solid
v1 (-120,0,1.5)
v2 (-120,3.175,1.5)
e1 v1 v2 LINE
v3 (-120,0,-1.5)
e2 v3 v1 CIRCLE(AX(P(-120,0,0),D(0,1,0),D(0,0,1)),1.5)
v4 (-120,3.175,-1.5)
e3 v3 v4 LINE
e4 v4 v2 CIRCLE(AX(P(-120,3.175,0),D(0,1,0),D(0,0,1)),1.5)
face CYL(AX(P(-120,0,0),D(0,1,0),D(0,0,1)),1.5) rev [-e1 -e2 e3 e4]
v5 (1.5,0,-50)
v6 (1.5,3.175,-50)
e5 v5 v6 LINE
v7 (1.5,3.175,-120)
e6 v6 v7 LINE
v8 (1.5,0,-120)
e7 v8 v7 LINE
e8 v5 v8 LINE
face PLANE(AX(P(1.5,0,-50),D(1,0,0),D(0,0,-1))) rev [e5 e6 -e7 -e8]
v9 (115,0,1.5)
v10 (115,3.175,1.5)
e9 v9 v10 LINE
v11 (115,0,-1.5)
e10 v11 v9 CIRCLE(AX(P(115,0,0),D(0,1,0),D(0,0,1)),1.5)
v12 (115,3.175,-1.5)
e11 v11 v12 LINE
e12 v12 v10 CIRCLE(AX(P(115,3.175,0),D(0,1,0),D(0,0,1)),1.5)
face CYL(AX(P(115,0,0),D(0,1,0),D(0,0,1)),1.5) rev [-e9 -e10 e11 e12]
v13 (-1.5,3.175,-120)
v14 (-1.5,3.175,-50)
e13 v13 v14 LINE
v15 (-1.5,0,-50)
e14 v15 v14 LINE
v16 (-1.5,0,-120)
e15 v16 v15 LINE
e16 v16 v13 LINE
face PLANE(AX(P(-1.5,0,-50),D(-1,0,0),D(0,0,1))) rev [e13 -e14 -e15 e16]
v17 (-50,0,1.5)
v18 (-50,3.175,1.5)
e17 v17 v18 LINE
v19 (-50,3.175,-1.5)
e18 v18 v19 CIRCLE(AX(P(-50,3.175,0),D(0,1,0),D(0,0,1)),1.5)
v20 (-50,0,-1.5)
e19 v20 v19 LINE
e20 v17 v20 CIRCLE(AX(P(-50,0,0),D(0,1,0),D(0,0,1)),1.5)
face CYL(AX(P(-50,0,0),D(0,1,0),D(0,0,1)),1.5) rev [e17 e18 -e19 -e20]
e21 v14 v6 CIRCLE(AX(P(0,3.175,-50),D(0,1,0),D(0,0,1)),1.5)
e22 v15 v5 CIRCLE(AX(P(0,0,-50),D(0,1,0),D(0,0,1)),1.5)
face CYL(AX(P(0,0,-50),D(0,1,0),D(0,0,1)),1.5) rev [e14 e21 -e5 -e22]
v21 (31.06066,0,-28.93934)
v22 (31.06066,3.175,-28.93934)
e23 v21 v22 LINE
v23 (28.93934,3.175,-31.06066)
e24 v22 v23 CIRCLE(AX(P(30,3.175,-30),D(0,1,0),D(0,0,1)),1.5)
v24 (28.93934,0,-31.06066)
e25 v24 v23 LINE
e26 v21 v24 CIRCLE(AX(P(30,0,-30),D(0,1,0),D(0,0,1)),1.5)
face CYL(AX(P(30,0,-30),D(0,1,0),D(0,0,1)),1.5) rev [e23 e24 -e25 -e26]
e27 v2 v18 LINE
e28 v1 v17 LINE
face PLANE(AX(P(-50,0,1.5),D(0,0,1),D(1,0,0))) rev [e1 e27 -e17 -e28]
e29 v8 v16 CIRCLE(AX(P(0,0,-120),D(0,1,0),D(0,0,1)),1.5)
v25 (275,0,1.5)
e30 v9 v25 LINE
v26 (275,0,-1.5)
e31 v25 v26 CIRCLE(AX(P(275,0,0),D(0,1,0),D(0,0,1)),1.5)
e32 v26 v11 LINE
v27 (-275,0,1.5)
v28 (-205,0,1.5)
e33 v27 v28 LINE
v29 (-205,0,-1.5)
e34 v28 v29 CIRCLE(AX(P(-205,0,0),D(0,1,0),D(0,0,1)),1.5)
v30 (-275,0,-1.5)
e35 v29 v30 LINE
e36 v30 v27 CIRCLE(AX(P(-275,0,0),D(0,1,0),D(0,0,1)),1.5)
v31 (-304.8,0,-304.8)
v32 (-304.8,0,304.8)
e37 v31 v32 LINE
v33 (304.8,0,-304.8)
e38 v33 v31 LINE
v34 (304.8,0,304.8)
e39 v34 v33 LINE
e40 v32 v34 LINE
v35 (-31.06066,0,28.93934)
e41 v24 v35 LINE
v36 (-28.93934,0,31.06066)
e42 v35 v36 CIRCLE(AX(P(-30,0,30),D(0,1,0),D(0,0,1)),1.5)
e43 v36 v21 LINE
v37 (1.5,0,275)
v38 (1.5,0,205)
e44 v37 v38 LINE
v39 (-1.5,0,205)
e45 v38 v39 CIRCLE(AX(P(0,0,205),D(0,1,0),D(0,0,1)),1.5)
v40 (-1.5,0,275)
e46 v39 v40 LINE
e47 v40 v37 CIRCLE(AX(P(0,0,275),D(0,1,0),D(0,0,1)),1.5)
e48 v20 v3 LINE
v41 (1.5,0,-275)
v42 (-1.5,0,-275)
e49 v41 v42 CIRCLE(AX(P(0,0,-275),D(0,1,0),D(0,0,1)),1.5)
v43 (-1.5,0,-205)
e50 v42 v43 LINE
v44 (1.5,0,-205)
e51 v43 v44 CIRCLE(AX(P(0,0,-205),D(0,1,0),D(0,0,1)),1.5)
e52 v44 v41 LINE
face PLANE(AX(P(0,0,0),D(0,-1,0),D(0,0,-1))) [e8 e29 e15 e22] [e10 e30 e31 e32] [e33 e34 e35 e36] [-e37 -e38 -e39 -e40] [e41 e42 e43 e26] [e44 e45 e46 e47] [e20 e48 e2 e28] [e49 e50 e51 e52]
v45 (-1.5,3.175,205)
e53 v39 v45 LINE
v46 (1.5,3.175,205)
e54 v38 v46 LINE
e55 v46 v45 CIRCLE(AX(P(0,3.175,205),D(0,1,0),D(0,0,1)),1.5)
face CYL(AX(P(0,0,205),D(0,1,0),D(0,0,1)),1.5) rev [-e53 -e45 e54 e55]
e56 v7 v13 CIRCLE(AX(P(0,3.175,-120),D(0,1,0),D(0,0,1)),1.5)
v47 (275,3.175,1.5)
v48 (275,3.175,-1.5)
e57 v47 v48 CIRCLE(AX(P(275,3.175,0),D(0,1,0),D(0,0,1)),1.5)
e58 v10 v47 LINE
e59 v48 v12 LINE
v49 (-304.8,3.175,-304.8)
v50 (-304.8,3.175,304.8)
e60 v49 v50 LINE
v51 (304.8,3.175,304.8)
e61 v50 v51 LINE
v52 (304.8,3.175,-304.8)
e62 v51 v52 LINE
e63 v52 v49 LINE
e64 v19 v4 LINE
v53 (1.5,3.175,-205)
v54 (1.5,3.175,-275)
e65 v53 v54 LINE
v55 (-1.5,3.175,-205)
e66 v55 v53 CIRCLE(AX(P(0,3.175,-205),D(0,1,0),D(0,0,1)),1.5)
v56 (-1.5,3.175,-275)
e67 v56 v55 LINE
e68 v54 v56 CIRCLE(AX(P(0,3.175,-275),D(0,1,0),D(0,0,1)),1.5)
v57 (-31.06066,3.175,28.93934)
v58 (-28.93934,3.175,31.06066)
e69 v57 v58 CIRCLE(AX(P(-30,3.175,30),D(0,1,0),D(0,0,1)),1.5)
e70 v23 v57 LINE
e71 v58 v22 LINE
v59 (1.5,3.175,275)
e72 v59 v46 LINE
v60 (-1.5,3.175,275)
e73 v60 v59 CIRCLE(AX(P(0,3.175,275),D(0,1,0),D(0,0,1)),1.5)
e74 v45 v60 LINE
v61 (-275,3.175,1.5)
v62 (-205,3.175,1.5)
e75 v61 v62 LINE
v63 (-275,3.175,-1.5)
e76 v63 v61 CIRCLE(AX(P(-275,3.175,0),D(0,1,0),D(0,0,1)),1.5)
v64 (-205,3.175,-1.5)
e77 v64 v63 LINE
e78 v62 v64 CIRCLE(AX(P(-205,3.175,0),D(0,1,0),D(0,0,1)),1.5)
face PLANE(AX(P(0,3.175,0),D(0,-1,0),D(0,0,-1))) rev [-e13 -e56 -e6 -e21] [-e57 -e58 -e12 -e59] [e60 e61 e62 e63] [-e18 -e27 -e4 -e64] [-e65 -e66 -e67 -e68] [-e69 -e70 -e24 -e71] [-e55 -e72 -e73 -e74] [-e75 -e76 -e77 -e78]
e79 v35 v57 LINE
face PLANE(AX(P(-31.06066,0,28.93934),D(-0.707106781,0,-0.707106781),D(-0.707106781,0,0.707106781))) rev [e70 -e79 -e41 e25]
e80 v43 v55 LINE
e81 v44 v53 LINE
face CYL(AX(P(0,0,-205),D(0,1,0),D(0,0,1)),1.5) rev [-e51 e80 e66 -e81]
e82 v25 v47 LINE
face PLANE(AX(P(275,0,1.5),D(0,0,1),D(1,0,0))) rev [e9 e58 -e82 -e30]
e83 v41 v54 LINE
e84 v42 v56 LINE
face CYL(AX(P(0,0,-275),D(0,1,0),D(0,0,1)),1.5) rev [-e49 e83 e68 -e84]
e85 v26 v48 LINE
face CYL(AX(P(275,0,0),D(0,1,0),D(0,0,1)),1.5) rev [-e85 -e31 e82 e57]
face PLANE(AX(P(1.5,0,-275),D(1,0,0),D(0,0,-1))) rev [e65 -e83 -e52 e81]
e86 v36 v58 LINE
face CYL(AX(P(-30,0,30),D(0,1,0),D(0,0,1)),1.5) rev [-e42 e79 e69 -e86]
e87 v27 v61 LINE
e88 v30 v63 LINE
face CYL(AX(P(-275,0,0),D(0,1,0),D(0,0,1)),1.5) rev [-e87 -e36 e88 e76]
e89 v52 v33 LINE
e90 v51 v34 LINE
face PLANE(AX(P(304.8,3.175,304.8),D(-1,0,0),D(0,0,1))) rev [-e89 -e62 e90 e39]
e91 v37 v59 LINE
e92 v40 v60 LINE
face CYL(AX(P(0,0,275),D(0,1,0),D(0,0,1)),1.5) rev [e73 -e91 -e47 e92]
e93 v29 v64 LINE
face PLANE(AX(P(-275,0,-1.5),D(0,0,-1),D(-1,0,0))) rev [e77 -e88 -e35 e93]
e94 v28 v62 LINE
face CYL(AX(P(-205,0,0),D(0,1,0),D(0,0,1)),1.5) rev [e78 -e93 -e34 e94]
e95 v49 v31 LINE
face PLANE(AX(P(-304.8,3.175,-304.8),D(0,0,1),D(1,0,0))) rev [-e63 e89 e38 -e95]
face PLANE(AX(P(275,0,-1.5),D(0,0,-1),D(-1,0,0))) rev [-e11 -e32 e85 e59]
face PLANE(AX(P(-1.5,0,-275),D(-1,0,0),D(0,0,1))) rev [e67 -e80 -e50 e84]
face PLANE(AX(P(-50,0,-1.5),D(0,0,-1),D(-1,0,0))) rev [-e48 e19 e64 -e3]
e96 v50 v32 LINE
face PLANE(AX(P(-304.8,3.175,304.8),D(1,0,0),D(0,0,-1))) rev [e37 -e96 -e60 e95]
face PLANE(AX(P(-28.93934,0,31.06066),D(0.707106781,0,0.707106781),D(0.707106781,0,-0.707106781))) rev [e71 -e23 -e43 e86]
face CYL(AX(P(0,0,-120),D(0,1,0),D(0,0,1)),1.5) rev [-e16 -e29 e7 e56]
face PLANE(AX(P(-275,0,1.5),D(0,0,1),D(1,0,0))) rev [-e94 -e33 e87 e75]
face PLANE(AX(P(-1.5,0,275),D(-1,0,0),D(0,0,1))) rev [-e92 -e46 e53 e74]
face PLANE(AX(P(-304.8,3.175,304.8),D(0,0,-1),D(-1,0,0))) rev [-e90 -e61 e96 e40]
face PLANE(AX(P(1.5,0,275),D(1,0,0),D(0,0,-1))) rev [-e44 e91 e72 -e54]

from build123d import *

# Parameters (mm, degrees)
SKETCH1_W           = 609.6
SKETCH1_H           = 609.6
BOSS_EXTRUDE1_DEPTH = 3.175
CUT_EXTRUDE2_DEPTH  = 432.063986695
CUT_EXTRUDE3_DEPTH  = 432.063986695


with BuildPart() as part:
    # Sketch1 → Boss-Extrude1 (new body)
    with BuildSketch(Plane(origin=(0, 0, 0), x_dir=(1, 0, 0), z_dir=(0, 1, 0))):
        Rectangle(SKETCH1_W, SKETCH1_H)
    extrude(amount=BOSS_EXTRUDE1_DEPTH)

    # Sketch3 → Cut-Extrude2 (cut, through all)
    with BuildSketch(Plane(origin=(0, 3.175, 0), x_dir=(1, 0, 0), z_dir=(0, 1, 0))):
        with BuildLine():
            Line((-31.060660172, -28.939339828), (28.939339828, 31.060660172))
            ThreePointArc((28.939339828, 31.060660172), (31.060660172, 31.060660172), (31.060660172, 28.939339828))
            Line((31.060660172, 28.939339828), (-28.939339828, -31.060660172))
            ThreePointArc((-28.939339828, -31.060660172), (-31.060660172, -31.060660172), (-31.060660172, -28.939339828))
        make_face()
    extrude(amount=-CUT_EXTRUDE2_DEPTH, mode=Mode.SUBTRACT)

    # Sketch4 → Cut-Extrude3 (cut, through all)
    with BuildSketch(Plane(origin=(0, 3.175, 0), x_dir=(1, 0, 0), z_dir=(0, 1, 0))):
        with BuildLine():
            Line((-50, -1.5), (-120, -1.5))
            ThreePointArc((-120, -1.5), (-121.5, 0), (-120, 1.5))
            Line((-120, 1.5), (-50, 1.5))
            ThreePointArc((-50, 1.5), (-48.5, 0), (-50, -1.5))
        make_face()
        with BuildLine():
            Line((-1.5, 50), (-1.5, 120))
            ThreePointArc((-1.5, 120), (0, 121.5), (1.5, 120))
            Line((1.5, 120), (1.5, 50))
            ThreePointArc((1.5, 50), (0, 48.5), (-1.5, 50))
        make_face()
        with BuildLine():
            Line((-1.5, -275), (-1.5, -205))
            ThreePointArc((-1.5, -205), (0, -203.5), (1.5, -205))
            Line((1.5, -205), (1.5, -275))
            ThreePointArc((1.5, -275), (0, -276.5), (-1.5, -275))
        make_face()
        with BuildLine():
            Line((275, -1.5), (115, -1.5))
            ThreePointArc((115, -1.5), (113.5, 0), (115, 1.5))
            Line((115, 1.5), (275, 1.5))
            ThreePointArc((275, 1.5), (276.5, 0), (275, -1.5))
        make_face()
        with BuildLine():
            Line((-275, 1.5), (-205, 1.5))
            ThreePointArc((-205, 1.5), (-203.5, 0), (-205, -1.5))
            Line((-205, -1.5), (-275, -1.5))
            ThreePointArc((-275, -1.5), (-276.5, 0), (-275, 1.5))
        make_face()
        with BuildLine():
            Line((1.5, 275), (1.5, 205))
            ThreePointArc((1.5, 205), (0, 203.5), (-1.5, 205))
            Line((-1.5, 205), (-1.5, 275))
            ThreePointArc((-1.5, 275), (0, 276.5), (1.5, 275))
        make_face()
    extrude(amount=-CUT_EXTRUDE3_DEPTH, mode=Mode.SUBTRACT)


solid = part.part
